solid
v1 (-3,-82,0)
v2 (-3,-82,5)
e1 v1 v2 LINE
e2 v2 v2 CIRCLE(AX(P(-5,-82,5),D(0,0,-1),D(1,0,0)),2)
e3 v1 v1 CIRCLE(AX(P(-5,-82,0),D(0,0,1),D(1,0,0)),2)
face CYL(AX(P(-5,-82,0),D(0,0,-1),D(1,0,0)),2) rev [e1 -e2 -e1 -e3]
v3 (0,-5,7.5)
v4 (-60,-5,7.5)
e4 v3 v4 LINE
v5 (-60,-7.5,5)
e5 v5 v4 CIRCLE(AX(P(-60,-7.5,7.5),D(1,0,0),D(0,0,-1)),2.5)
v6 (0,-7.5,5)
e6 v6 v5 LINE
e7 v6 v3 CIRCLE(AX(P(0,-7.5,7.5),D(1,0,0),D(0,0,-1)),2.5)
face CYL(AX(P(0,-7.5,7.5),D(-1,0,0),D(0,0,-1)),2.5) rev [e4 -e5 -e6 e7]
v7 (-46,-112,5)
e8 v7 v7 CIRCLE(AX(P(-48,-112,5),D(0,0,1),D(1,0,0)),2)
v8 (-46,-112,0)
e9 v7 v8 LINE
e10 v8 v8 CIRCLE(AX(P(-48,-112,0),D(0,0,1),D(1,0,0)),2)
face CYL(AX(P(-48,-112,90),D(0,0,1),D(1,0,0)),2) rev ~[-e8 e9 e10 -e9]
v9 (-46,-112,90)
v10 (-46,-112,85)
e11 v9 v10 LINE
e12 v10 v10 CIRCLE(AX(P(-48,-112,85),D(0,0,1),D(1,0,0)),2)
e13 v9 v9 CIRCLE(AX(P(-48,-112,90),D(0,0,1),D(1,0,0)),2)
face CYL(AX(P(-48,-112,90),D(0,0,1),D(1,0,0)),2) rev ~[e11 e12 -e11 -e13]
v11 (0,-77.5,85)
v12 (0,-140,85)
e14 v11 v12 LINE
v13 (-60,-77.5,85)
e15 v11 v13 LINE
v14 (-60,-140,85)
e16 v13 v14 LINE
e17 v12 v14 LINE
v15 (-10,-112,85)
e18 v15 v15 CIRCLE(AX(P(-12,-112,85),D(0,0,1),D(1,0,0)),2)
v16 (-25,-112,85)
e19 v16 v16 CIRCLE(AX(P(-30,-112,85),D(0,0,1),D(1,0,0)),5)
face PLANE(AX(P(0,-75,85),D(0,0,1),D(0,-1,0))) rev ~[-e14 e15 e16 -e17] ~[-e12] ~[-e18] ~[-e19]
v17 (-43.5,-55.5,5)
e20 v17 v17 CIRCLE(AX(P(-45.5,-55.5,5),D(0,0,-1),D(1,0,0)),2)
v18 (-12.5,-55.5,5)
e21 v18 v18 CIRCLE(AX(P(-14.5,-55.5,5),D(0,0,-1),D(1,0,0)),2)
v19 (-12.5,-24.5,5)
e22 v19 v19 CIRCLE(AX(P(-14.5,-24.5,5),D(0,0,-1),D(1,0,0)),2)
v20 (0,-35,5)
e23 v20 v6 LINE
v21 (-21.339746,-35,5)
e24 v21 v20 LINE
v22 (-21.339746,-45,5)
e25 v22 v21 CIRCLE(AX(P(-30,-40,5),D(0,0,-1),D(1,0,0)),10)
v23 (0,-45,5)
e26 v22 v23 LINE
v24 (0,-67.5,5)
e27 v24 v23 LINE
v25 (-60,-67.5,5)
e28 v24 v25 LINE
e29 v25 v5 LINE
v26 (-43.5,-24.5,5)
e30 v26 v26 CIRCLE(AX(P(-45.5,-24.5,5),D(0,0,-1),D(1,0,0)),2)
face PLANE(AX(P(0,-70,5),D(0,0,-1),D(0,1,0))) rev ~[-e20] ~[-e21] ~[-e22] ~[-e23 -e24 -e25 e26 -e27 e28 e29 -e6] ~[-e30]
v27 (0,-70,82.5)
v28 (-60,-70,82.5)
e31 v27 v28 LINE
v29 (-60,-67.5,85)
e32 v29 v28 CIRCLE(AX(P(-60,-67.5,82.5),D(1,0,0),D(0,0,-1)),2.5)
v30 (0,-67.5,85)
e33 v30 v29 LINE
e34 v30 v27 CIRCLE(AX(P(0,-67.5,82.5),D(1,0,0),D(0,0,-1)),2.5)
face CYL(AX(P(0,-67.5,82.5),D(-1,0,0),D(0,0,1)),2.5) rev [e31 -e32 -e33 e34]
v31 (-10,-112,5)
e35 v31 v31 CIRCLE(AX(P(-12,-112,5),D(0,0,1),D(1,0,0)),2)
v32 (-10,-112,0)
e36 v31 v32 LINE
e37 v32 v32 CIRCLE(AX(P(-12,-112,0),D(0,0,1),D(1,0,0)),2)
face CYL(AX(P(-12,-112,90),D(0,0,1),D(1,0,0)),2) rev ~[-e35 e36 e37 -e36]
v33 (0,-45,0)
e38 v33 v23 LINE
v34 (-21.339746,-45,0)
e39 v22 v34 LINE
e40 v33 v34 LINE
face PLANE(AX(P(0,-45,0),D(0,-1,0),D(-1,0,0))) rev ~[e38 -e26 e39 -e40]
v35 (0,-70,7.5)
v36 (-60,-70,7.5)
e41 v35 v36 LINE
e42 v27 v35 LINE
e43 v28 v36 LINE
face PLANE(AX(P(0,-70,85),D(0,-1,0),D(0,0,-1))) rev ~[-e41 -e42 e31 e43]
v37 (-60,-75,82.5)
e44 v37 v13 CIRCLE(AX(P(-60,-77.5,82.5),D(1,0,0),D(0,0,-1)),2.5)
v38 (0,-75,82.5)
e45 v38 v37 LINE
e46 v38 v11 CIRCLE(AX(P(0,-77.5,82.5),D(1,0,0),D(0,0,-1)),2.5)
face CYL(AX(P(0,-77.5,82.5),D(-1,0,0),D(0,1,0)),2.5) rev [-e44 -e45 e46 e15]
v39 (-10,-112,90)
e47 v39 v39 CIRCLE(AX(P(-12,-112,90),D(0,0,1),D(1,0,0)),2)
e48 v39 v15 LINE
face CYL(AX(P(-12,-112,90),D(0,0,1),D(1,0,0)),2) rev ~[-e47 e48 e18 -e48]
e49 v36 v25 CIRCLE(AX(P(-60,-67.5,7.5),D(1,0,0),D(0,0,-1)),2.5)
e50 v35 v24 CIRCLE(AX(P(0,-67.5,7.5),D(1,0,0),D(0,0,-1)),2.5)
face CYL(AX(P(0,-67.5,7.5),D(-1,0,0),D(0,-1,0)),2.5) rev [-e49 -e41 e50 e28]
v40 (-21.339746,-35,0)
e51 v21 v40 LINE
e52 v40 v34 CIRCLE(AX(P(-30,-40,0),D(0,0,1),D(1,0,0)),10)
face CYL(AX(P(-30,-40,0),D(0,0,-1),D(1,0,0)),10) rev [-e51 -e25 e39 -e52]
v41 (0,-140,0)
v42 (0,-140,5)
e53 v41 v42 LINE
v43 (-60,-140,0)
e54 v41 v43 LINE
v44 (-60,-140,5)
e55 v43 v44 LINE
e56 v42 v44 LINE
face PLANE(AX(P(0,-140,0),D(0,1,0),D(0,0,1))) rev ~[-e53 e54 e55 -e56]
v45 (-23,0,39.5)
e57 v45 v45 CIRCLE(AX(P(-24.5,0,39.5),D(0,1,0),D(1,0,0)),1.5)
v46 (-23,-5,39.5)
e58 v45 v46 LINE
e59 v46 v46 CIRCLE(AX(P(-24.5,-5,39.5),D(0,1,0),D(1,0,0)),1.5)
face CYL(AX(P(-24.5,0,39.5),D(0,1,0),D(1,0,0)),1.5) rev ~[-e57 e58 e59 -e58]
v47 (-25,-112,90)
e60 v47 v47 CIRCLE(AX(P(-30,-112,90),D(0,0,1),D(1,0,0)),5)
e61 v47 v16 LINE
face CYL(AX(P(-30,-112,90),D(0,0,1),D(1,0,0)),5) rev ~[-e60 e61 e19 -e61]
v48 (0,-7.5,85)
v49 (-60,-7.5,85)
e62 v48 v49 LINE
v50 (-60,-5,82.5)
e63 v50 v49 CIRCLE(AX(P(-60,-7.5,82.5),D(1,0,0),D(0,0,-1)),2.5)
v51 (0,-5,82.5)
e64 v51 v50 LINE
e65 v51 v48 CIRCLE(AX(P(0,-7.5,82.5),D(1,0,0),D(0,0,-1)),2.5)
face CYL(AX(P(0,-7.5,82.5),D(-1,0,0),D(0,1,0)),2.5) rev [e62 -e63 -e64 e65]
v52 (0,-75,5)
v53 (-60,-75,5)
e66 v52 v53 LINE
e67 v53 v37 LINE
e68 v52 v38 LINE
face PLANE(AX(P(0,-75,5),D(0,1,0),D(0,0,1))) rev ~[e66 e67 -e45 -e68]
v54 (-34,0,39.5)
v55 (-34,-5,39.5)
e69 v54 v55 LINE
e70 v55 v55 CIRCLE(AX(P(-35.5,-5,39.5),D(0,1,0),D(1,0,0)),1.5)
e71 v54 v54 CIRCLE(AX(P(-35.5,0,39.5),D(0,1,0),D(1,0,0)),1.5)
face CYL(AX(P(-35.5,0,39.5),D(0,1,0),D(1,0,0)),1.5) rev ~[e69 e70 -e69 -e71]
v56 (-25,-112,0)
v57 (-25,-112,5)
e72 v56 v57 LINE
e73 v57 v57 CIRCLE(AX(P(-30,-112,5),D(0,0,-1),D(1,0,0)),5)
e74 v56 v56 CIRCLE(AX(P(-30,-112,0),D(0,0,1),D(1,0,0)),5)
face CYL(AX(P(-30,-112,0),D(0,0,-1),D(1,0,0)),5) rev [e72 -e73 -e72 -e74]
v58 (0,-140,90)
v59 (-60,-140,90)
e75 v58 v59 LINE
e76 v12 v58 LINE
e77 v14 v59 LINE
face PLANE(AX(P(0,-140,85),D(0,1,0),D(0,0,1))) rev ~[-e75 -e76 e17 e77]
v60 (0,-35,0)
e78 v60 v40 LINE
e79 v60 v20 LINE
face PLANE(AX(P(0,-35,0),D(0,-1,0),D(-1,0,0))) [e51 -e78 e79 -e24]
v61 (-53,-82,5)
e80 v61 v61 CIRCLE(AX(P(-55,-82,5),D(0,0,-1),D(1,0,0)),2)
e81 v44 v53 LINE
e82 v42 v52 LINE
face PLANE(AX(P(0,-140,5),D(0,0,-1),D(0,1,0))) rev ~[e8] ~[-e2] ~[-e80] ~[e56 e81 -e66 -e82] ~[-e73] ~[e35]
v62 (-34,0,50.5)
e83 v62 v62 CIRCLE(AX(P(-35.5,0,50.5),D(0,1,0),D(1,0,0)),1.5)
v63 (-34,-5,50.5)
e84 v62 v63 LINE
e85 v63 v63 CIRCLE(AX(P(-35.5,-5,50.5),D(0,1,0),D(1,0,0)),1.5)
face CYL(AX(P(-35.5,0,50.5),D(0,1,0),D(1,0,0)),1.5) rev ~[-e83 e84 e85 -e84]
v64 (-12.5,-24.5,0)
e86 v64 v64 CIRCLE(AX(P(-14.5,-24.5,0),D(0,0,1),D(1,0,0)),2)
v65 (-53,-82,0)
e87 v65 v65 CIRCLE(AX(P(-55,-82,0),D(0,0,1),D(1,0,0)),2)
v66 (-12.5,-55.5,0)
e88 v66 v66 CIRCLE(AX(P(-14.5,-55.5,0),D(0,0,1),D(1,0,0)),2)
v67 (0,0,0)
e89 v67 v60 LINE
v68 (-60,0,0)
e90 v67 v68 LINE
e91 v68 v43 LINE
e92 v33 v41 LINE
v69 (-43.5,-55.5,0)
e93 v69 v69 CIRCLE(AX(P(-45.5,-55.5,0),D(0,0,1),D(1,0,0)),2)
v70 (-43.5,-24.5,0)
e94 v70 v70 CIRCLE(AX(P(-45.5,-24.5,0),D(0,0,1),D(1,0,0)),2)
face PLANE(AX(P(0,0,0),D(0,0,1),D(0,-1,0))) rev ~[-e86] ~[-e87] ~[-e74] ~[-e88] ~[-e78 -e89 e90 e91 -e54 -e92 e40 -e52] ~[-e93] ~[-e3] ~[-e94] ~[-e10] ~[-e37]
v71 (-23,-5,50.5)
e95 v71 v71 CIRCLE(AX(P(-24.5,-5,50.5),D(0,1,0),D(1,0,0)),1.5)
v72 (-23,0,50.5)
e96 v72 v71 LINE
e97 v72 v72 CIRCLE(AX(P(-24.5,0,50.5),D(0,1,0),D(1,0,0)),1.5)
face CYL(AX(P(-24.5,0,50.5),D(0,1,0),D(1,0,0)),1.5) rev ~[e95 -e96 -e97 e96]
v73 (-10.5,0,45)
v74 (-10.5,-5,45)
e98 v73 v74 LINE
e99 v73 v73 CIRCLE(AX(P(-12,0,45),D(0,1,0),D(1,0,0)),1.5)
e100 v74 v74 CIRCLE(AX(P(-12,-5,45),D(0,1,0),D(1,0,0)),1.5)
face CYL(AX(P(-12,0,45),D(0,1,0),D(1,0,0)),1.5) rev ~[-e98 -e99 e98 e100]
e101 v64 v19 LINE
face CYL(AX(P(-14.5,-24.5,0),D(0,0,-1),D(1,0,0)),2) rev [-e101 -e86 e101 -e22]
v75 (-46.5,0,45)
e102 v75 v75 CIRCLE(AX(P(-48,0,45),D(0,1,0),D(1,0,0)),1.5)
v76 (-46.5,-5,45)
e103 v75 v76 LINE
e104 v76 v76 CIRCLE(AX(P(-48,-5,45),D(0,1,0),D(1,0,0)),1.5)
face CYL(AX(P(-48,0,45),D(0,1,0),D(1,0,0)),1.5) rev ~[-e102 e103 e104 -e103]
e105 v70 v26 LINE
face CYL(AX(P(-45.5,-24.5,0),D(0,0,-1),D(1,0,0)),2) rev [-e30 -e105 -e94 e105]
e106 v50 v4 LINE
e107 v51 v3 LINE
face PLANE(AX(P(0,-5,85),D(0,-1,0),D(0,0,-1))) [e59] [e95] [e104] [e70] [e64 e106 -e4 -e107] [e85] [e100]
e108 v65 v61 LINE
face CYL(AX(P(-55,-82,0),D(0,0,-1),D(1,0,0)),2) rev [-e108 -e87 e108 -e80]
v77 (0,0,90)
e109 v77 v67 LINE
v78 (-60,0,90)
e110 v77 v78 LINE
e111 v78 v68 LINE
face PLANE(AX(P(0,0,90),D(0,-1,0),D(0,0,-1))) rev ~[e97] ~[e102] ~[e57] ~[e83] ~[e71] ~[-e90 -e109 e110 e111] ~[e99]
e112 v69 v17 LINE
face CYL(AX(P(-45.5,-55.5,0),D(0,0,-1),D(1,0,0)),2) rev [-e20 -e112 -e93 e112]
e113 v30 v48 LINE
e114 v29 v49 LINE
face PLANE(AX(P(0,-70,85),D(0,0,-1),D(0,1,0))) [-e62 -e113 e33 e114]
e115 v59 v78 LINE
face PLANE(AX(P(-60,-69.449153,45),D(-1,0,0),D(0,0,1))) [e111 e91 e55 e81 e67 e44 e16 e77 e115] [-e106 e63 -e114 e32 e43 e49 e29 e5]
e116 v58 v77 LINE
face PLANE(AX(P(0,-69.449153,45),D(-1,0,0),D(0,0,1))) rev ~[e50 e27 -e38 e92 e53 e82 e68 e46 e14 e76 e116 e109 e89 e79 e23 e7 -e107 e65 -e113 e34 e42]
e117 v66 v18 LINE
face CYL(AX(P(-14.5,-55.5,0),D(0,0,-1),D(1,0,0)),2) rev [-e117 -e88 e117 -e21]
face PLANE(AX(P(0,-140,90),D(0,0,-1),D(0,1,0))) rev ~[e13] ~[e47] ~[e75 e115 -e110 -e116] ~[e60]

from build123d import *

# Parameters (mm, degrees)
BOSS_EXTRUDE1_DEPTH = 60
SKETCH2_W           = 80
SKETCH2_H           = 65
CUT_EXTRUDE1_DEPTH  = 60
CUT_EXTRUDE2_REACH  = 142
SKETCH3_R           = 1.5
CUT_EXTRUDE3_REACH  = 92
SKETCH4_R           = 5
SKETCH4_R_2         = 10
SKETCH4_R_3         = 2
FILLET1_R           = 2.5
FILLET3_R           = 2.5
FILLET4_R           = 2.5
FILLET5_R           = 2.5
FILLET6_R           = 2.5
SKETCH5_R           = 5
SKETCH5_R_2         = 2
CUT_EXTRUDE4_DEPTH  = 91
CUT_EXTRUDE5_REACH  = 92
SKETCH6_W           = 30
SKETCH6_H           = 10


with BuildPart() as part:
    # Sketch1 → Boss-Extrude1 (new body)
    with BuildSketch(Plane(origin=(0, 0, 0), x_dir=(0, 0, -1), z_dir=(1, 0, 0))):
        Polygon((0, 0), (0, -140), (-5, -140), (-5, -75), (-85, -75), (-85, -140), (-90, -140), (-90, 0), align=None)
    extrude(amount=-BOSS_EXTRUDE1_DEPTH)

    # Sketch2 → Cut-Extrude1 (cut)
    with BuildSketch(Plane(origin=(0, 0, 0), x_dir=(0, 0, -1), z_dir=(1, 0, 0))):
        with Locations((-45, -37.5)):
            Rectangle(SKETCH2_W, SKETCH2_H)
    extrude(amount=-CUT_EXTRUDE1_DEPTH, mode=Mode.SUBTRACT)

    # Sketch3 → Cut-Extrude2 (cut, up to next)
    with BuildSketch(Plane(origin=(0, 0, 0), x_dir=(1, 0, 0), z_dir=(0, 1, 0)), mode=Mode.PRIVATE) as cut_extrude2_sk1:
        with Locations((-24.5, -50.5)):
            Circle(SKETCH3_R)
    cut_extrude2_tool1 = extrude(cut_extrude2_sk1.sketch, amount=-CUT_EXTRUDE2_REACH, mode=Mode.PRIVATE) & part.part
    add(cut_extrude2_tool1.solids().sort_by_distance((-24.5, 0, 50.5))[0], mode=Mode.SUBTRACT)
    # Sketch3 → Cut-Extrude2 (cut, up to next)
    with BuildSketch(Plane(origin=(0, 0, 0), x_dir=(1, 0, 0), z_dir=(0, 1, 0)), mode=Mode.PRIVATE) as cut_extrude2_sk2:
        with Locations((-35.5, -50.5)):
            Circle(SKETCH3_R)
    cut_extrude2_tool2 = extrude(cut_extrude2_sk2.sketch, amount=-CUT_EXTRUDE2_REACH, mode=Mode.PRIVATE) & part.part
    add(cut_extrude2_tool2.solids().sort_by_distance((-35.5, 0, 50.5))[0], mode=Mode.SUBTRACT)
    # Sketch3 → Cut-Extrude2 (cut, up to next)
    with BuildSketch(Plane(origin=(0, 0, 0), x_dir=(1, 0, 0), z_dir=(0, 1, 0)), mode=Mode.PRIVATE) as cut_extrude2_sk3:
        with Locations((-35.5, -39.5)):
            Circle(SKETCH3_R)
    cut_extrude2_tool3 = extrude(cut_extrude2_sk3.sketch, amount=-CUT_EXTRUDE2_REACH, mode=Mode.PRIVATE) & part.part
    add(cut_extrude2_tool3.solids().sort_by_distance((-35.5, 0, 39.5))[0], mode=Mode.SUBTRACT)
    # Sketch3 → Cut-Extrude2 (cut, up to next)
    with BuildSketch(Plane(origin=(0, 0, 0), x_dir=(1, 0, 0), z_dir=(0, 1, 0)), mode=Mode.PRIVATE) as cut_extrude2_sk4:
        with Locations((-24.5, -39.5)):
            Circle(SKETCH3_R)
    cut_extrude2_tool4 = extrude(cut_extrude2_sk4.sketch, amount=-CUT_EXTRUDE2_REACH, mode=Mode.PRIVATE) & part.part
    add(cut_extrude2_tool4.solids().sort_by_distance((-24.5, 0, 39.5))[0], mode=Mode.SUBTRACT)
    # Sketch3 → Cut-Extrude2 (cut, up to next)
    with BuildSketch(Plane(origin=(0, 0, 0), x_dir=(1, 0, 0), z_dir=(0, 1, 0)), mode=Mode.PRIVATE) as cut_extrude2_sk5:
        with Locations((-12, -45)):
            Circle(SKETCH3_R)
    cut_extrude2_tool5 = extrude(cut_extrude2_sk5.sketch, amount=-CUT_EXTRUDE2_REACH, mode=Mode.PRIVATE) & part.part
    add(cut_extrude2_tool5.solids().sort_by_distance((-12, 0, 45))[0], mode=Mode.SUBTRACT)
    # Sketch3 → Cut-Extrude2 (cut, up to next)
    with BuildSketch(Plane(origin=(0, 0, 0), x_dir=(1, 0, 0), z_dir=(0, 1, 0)), mode=Mode.PRIVATE) as cut_extrude2_sk6:
        with Locations((-48, -45)):
            Circle(SKETCH3_R)
    cut_extrude2_tool6 = extrude(cut_extrude2_sk6.sketch, amount=-CUT_EXTRUDE2_REACH, mode=Mode.PRIVATE) & part.part
    add(cut_extrude2_tool6.solids().sort_by_distance((-48, 0, 45))[0], mode=Mode.SUBTRACT)

    # Sketch4 → Cut-Extrude3 (cut, up to next)
    with BuildSketch(Plane.XY, mode=Mode.PRIVATE) as cut_extrude3_sk1:
        with Locations((-30, -112)):
            Circle(SKETCH4_R)
    cut_extrude3_tool1 = extrude(cut_extrude3_sk1.sketch, amount=CUT_EXTRUDE3_REACH, mode=Mode.PRIVATE) & part.part
    add(cut_extrude3_tool1.solids().sort_by_distance((-30, -112, 0))[0], mode=Mode.SUBTRACT)
    # Sketch4 → Cut-Extrude3 (cut, up to next)
    with BuildSketch(Plane.XY, mode=Mode.PRIVATE) as cut_extrude3_sk2:
        with Locations((-30, -40)):
            Circle(SKETCH4_R_2)
    cut_extrude3_tool2 = extrude(cut_extrude3_sk2.sketch, amount=CUT_EXTRUDE3_REACH, mode=Mode.PRIVATE) & part.part
    add(cut_extrude3_tool2.solids().sort_by_distance((-30, -40, 0))[0], mode=Mode.SUBTRACT)
    # Sketch4 → Cut-Extrude3 (cut, up to next)
    with BuildSketch(Plane.XY, mode=Mode.PRIVATE) as cut_extrude3_sk3:
        with Locations((-5, -82)):
            Circle(SKETCH4_R_3)
    cut_extrude3_tool3 = extrude(cut_extrude3_sk3.sketch, amount=CUT_EXTRUDE3_REACH, mode=Mode.PRIVATE) & part.part
    add(cut_extrude3_tool3.solids().sort_by_distance((-5, -82, 0))[0], mode=Mode.SUBTRACT)
    # Sketch4 → Cut-Extrude3 (cut, up to next)
    with BuildSketch(Plane.XY, mode=Mode.PRIVATE) as cut_extrude3_sk4:
        with Locations((-55, -82)):
            Circle(SKETCH4_R_3)
    cut_extrude3_tool4 = extrude(cut_extrude3_sk4.sketch, amount=CUT_EXTRUDE3_REACH, mode=Mode.PRIVATE) & part.part
    add(cut_extrude3_tool4.solids().sort_by_distance((-55, -82, 0))[0], mode=Mode.SUBTRACT)
    # Sketch4 → Cut-Extrude3 (cut, up to next)
    with BuildSketch(Plane.XY, mode=Mode.PRIVATE) as cut_extrude3_sk5:
        with Locations((-14.5, -24.5)):
            Circle(SKETCH4_R_3)
    cut_extrude3_tool5 = extrude(cut_extrude3_sk5.sketch, amount=CUT_EXTRUDE3_REACH, mode=Mode.PRIVATE) & part.part
    add(cut_extrude3_tool5.solids().sort_by_distance((-14.5, -24.5, 0))[0], mode=Mode.SUBTRACT)
    # Sketch4 → Cut-Extrude3 (cut, up to next)
    with BuildSketch(Plane.XY, mode=Mode.PRIVATE) as cut_extrude3_sk6:
        with Locations((-45.5, -24.5)):
            Circle(SKETCH4_R_3)
    cut_extrude3_tool6 = extrude(cut_extrude3_sk6.sketch, amount=CUT_EXTRUDE3_REACH, mode=Mode.PRIVATE) & part.part
    add(cut_extrude3_tool6.solids().sort_by_distance((-45.5, -24.5, 0))[0], mode=Mode.SUBTRACT)
    # Sketch4 → Cut-Extrude3 (cut, up to next)
    with BuildSketch(Plane.XY, mode=Mode.PRIVATE) as cut_extrude3_sk7:
        with Locations((-45.5, -55.5)):
            Circle(SKETCH4_R_3)
    cut_extrude3_tool7 = extrude(cut_extrude3_sk7.sketch, amount=CUT_EXTRUDE3_REACH, mode=Mode.PRIVATE) & part.part
    add(cut_extrude3_tool7.solids().sort_by_distance((-45.5, -55.5, 0))[0], mode=Mode.SUBTRACT)
    # Sketch4 → Cut-Extrude3 (cut, up to next)
    with BuildSketch(Plane.XY, mode=Mode.PRIVATE) as cut_extrude3_sk8:
        with Locations((-14.5, -55.5)):
            Circle(SKETCH4_R_3)
    cut_extrude3_tool8 = extrude(cut_extrude3_sk8.sketch, amount=CUT_EXTRUDE3_REACH, mode=Mode.PRIVATE) & part.part
    add(cut_extrude3_tool8.solids().sort_by_distance((-14.5, -55.5, 0))[0], mode=Mode.SUBTRACT)

    # Fillet1
    fillet1_edges = [part.edges().sort_by_distance(p)[0] for p in [
        (-30, -75, 85),
    ]]
    fillet(fillet1_edges, radius=FILLET1_R)

    # Fillet3
    fillet3_edges = [part.edges().sort_by_distance(p)[0] for p in [
        (-30, -70, 85),
    ]]
    fillet(fillet3_edges, radius=FILLET3_R)

    # Fillet4
    fillet4_edges = [part.edges().sort_by_distance(p)[0] for p in [
        (-30, -70, 5),
    ]]
    fillet(fillet4_edges, radius=FILLET4_R)

    # Fillet5
    fillet5_edges = [part.edges().sort_by_distance(p)[0] for p in [
        (-30, -5, 5),
    ]]
    fillet(fillet5_edges, radius=FILLET5_R)

    # Fillet6
    fillet6_edges = [part.edges().sort_by_distance(p)[0] for p in [
        (-30, -5, 85),
    ]]
    fillet(fillet6_edges, radius=FILLET6_R)

    # Sketch5 → Cut-Extrude4 (cut, through all)
    with BuildSketch(Plane.XY.offset(90)):
        with Locations((-30, -112)):
            Circle(SKETCH5_R)
        with Locations((-12, -112)):
            Circle(SKETCH5_R_2)
        with Locations((-48, -112)):
            Circle(SKETCH5_R_2)
    extrude(amount=-CUT_EXTRUDE4_DEPTH, mode=Mode.SUBTRACT)

    # Sketch6 → Cut-Extrude5 (cut, up to next)
    with BuildSketch(Plane(origin=(0, 0, 0), x_dir=(-1, 0, 0), z_dir=(0, 0, -1)), mode=Mode.PRIVATE) as cut_extrude5_sk1:
        with Locations((15, -40)):
            Rectangle(SKETCH6_W, SKETCH6_H)
    cut_extrude5_tool1 = extrude(cut_extrude5_sk1.sketch, amount=-CUT_EXTRUDE5_REACH, mode=Mode.PRIVATE) & part.part
    add(cut_extrude5_tool1.solids().sort_by_distance((-15, -40, 0))[0], mode=Mode.SUBTRACT)


solid = part.part
